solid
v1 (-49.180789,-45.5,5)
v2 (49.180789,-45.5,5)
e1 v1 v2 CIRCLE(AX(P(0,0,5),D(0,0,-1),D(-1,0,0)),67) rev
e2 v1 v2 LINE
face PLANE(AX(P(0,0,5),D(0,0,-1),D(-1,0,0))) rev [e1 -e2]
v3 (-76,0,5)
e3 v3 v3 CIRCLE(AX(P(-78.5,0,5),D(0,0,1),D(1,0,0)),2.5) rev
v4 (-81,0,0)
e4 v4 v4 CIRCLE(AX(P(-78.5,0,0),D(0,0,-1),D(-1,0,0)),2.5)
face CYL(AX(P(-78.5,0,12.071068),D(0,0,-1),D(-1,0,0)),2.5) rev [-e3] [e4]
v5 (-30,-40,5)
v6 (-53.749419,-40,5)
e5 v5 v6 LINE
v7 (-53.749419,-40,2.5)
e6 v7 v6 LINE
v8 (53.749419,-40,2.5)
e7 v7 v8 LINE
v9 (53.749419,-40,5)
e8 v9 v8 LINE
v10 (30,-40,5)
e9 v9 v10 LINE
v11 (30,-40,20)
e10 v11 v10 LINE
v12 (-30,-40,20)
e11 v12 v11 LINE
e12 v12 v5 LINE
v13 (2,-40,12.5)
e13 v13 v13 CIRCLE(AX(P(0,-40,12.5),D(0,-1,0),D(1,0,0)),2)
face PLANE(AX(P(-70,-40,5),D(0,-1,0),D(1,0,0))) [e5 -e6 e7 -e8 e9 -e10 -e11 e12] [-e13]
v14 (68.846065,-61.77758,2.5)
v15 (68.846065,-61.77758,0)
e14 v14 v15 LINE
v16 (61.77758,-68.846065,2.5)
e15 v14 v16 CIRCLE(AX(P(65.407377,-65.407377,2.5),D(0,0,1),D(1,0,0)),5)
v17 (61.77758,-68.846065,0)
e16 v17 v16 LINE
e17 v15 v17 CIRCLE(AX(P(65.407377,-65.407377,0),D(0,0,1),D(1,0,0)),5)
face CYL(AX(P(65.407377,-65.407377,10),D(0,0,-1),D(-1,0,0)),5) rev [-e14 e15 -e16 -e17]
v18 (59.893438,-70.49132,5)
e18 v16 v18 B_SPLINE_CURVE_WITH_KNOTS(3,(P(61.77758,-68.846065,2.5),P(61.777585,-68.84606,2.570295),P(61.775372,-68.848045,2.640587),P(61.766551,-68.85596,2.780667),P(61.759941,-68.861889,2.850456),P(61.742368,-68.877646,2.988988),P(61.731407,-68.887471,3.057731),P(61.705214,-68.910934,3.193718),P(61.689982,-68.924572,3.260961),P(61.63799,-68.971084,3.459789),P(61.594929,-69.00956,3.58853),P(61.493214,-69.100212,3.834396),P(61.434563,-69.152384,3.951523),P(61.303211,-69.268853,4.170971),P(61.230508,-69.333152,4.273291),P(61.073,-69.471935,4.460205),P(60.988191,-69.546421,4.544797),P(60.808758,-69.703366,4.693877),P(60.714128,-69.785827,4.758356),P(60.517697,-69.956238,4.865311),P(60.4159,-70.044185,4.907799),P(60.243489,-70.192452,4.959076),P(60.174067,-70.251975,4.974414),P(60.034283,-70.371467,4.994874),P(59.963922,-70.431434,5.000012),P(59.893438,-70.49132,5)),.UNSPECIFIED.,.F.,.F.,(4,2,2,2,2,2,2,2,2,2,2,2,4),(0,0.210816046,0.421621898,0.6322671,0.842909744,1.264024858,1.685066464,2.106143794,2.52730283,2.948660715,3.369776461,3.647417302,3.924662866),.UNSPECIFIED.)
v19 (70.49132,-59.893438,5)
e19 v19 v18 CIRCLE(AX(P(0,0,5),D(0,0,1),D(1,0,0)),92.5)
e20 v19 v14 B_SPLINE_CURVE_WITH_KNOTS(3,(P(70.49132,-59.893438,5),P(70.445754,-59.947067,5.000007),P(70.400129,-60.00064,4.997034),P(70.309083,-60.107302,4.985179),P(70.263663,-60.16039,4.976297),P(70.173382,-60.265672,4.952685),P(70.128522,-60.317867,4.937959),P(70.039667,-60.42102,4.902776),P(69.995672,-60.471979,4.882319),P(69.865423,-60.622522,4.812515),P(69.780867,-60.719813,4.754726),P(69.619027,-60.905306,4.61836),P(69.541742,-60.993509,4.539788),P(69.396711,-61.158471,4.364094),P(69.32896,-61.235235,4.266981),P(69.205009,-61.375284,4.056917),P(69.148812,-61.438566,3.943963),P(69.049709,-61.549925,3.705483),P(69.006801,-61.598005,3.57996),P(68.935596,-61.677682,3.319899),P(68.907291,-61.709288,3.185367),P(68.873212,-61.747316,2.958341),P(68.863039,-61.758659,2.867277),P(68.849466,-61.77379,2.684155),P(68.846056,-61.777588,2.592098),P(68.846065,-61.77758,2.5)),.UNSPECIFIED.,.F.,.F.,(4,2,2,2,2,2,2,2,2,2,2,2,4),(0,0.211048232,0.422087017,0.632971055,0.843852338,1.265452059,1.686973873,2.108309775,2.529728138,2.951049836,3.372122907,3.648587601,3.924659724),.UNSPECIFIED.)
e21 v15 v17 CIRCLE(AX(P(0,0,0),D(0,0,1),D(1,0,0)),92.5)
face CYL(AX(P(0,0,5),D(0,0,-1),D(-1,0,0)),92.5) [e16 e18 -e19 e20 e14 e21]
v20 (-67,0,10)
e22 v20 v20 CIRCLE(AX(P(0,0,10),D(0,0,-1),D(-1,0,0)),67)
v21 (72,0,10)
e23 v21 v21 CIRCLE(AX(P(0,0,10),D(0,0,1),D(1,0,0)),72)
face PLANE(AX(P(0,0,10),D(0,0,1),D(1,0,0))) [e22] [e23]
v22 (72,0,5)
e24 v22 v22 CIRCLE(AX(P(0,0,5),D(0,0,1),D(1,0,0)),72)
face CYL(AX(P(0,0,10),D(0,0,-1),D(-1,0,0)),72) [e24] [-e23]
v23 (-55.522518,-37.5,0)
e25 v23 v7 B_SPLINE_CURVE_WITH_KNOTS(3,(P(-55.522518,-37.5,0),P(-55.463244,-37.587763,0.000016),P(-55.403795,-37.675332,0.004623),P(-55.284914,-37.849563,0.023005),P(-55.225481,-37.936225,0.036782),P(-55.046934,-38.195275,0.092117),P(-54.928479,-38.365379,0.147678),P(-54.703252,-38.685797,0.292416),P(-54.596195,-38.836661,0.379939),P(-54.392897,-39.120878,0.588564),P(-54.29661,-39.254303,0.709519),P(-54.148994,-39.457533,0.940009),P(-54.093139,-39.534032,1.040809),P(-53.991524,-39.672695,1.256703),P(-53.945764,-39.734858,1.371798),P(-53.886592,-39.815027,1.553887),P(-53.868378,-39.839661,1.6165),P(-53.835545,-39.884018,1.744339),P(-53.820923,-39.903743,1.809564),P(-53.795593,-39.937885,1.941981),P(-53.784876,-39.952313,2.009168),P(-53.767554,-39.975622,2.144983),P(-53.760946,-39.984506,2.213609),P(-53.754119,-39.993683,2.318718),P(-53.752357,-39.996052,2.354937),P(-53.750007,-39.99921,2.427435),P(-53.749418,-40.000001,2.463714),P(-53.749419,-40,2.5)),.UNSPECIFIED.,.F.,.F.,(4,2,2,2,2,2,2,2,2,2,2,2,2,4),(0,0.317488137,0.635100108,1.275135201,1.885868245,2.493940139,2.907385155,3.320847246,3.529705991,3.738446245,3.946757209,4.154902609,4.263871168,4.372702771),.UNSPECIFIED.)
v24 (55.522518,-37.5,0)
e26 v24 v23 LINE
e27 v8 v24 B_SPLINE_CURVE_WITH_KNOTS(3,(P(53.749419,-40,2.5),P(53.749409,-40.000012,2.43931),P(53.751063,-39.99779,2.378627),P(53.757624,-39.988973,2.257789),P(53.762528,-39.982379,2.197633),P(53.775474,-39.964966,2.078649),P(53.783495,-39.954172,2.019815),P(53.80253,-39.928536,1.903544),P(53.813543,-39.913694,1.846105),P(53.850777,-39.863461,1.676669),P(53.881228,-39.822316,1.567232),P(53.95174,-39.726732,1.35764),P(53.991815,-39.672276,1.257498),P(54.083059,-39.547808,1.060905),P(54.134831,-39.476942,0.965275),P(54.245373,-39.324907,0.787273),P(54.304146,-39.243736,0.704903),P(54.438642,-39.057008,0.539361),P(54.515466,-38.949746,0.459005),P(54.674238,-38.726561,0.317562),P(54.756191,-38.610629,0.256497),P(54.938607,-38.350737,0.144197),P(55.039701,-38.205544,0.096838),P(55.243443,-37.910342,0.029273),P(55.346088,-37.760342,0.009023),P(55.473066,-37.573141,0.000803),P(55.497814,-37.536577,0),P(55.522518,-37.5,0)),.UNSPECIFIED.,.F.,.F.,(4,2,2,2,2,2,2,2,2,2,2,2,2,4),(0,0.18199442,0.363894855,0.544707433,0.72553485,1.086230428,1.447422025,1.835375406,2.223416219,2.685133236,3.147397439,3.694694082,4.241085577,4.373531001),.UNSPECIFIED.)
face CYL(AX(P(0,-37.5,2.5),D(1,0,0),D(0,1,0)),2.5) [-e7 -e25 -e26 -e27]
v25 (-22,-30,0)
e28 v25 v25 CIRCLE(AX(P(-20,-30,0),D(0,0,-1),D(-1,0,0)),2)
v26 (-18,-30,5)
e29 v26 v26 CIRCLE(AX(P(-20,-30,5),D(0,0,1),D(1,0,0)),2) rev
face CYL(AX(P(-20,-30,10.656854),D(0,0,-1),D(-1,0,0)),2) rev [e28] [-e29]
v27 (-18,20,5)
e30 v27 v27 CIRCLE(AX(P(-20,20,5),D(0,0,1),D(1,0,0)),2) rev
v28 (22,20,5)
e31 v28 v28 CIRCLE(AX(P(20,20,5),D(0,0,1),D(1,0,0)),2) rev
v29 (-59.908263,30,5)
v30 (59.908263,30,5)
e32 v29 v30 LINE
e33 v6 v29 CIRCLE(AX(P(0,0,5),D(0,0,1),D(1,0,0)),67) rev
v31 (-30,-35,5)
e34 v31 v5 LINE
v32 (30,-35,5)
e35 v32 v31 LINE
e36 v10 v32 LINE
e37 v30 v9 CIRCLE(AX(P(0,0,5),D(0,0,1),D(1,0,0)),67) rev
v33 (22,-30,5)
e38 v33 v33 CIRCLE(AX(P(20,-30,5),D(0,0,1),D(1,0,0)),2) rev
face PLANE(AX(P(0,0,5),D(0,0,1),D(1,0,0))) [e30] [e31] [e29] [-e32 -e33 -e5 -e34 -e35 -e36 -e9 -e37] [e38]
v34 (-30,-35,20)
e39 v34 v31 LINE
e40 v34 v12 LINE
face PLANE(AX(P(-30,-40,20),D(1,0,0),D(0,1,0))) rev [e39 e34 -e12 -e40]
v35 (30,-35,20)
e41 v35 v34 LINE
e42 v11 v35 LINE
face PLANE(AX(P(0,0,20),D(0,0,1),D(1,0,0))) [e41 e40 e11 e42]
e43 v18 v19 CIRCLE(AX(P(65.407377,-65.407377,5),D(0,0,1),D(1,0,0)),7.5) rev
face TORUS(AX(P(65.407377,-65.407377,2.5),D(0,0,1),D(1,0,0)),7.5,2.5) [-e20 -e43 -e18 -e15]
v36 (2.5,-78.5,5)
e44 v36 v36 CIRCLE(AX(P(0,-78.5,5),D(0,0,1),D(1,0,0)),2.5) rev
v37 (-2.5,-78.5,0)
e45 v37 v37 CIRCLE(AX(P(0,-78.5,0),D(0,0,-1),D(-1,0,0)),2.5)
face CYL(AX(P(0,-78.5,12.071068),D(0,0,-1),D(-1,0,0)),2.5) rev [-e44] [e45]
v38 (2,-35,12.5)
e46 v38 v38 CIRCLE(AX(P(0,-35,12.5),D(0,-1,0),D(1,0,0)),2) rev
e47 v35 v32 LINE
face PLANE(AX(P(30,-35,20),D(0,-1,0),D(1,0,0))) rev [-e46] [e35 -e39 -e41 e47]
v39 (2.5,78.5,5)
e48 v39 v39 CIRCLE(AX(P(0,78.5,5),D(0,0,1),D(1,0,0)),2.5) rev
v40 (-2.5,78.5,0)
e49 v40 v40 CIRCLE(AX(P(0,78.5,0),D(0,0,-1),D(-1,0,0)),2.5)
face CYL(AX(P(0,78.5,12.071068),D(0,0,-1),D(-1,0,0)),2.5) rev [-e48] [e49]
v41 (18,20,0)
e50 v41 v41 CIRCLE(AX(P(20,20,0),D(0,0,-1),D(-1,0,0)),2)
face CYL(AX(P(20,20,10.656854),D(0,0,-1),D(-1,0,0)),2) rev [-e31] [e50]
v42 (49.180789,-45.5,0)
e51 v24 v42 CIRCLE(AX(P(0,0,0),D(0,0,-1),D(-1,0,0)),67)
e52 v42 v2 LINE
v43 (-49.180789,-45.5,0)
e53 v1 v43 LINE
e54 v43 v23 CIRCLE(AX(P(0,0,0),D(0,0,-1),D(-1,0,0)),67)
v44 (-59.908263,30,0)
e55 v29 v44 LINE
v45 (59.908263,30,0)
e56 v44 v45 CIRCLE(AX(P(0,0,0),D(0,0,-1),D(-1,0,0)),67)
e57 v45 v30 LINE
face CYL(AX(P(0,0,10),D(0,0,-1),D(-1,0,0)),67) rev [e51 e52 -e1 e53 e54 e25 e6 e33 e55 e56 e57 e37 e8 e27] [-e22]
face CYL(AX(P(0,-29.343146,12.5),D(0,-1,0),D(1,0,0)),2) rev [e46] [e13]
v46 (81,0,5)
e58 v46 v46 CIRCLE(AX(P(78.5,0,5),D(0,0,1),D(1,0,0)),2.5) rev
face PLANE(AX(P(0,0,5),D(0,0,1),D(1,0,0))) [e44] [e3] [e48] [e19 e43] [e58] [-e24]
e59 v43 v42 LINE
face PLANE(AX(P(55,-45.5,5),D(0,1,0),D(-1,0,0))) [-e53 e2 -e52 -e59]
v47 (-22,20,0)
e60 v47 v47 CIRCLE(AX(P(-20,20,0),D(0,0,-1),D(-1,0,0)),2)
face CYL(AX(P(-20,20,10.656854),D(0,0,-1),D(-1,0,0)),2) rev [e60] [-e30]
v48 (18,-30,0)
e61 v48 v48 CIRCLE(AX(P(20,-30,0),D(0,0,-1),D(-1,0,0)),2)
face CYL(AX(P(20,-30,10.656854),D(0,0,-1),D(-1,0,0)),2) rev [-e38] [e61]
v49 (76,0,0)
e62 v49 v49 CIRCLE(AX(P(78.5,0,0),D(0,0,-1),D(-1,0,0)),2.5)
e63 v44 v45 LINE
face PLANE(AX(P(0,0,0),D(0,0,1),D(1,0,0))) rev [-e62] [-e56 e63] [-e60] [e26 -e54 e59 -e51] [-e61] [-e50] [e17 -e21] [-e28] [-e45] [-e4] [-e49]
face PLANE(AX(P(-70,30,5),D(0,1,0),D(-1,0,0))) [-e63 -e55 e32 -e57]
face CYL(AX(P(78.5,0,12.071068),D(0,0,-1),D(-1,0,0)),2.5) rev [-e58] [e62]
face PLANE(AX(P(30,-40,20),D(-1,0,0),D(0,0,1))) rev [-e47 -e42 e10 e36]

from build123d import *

# Parameters (mm, degrees)
SKETCH1_R           = 92.5
BOSS_EXTRUDE1_DEPTH = 5
SKETCH2_R           = 72
BOSS_EXTRUDE2_DEPTH = 5
SKETCH3_R           = 67
CUT_EXTRUDE1_DEPTH  = 11
SKETCH4_W           = 140
SKETCH4_H           = 70
BOSS_EXTRUDE3_DEPTH = 5
FILLET1_R           = 2.5
SKETCH7_W           = 110
SKETCH7_H           = 25
BOSS_EXTRUDE5_DEPTH = 5
SKETCH11_R          = 2
CUT_EXTRUDE4_DEPTH  = 5
SKETCH12_R          = 2.5
CUT_EXTRUDE5_DEPTH  = 5
SKETCH6_W           = 60
SKETCH6_H           = 5
BOSS_EXTRUDE6_DEPTH = 15
SKETCH13_R          = 2
CUT_EXTRUDE6_DEPTH  = 5
SKETCH14_R          = 5
CUT_EXTRUDE7_DEPTH  = 10
FILLET2_R           = 2.5


with BuildPart() as part:
    # Sketch1 → Boss-Extrude1 (new body)
    with BuildSketch(Plane.XY):
        Circle(SKETCH1_R)
    extrude(amount=BOSS_EXTRUDE1_DEPTH)

    # Sketch2 → Boss-Extrude2 (add)
    with BuildSketch(Plane.XY.offset(5)):
        Circle(SKETCH2_R)
    extrude(amount=BOSS_EXTRUDE2_DEPTH)

    # Sketch3 → Cut-Extrude1 (cut, through all)
    with BuildSketch(Plane(origin=(0, 0, 0), x_dir=(-1, 0, 0), z_dir=(0, 0, -1))):
        Circle(SKETCH3_R)
    extrude(amount=-CUT_EXTRUDE1_DEPTH, mode=Mode.SUBTRACT)

    # Sketch4 → Boss-Extrude3 (add)
    with BuildSketch(Plane(origin=(0, 0, 0), x_dir=(-1, 0, 0), z_dir=(0, 0, -1))):
        with Locations((0, -5)):
            Rectangle(SKETCH4_W, SKETCH4_H)
    extrude(amount=-BOSS_EXTRUDE3_DEPTH)

    # Fillet1
    fillet1_edges = [part.edges().sort_by_distance(p)[0] for p in [
        (0, -40, 0),
    ]]
    fillet(fillet1_edges, radius=FILLET1_R)

    # Sketch7 → Boss-Extrude5 (add)
    with BuildSketch(Plane(origin=(0, 0, 0), x_dir=(-1, 0, 0), z_dir=(0, 0, -1))):
        with Locations((0, -58)):
            Rectangle(SKETCH7_W, SKETCH7_H)
    extrude(amount=-BOSS_EXTRUDE5_DEPTH)

    # Sketch11 → Cut-Extrude4 (cut)
    with BuildSketch(Plane(origin=(0, 0, 0), x_dir=(-1, 0, 0), z_dir=(0, 0, -1))):
        with Locations((-20, -30)):
            Circle(SKETCH11_R)
        with Locations((-20, 20)):
            Circle(SKETCH11_R)
        with Locations((20, 20)):
            Circle(SKETCH11_R)
        with Locations((20, -30)):
            Circle(SKETCH11_R)
    extrude(amount=-CUT_EXTRUDE4_DEPTH, mode=Mode.SUBTRACT)

    # Sketch12 → Cut-Extrude5 (cut)
    with BuildSketch(Plane(origin=(0, 0, 0), x_dir=(-1, 0, 0), z_dir=(0, 0, -1))):
        with Locations((0, -78.5)):
            Circle(SKETCH12_R)
        with Locations((-78.5, 0)):
            Circle(SKETCH12_R)
        with Locations((0, 78.5)):
            Circle(SKETCH12_R)
        with Locations((78.5, 0)):
            Circle(SKETCH12_R)
    extrude(amount=-CUT_EXTRUDE5_DEPTH, mode=Mode.SUBTRACT)

    # Sketch6 → Boss-Extrude6 (add)
    with BuildSketch(Plane.XY.offset(5)):
        with Locations((0, -37.5)):
            Rectangle(SKETCH6_W, SKETCH6_H)
    extrude(amount=BOSS_EXTRUDE6_DEPTH)

    # Sketch13 → Cut-Extrude6 (cut)
    with BuildSketch(Plane.XZ.offset(40)):
        with Locations((0, 12.5)):
            Circle(SKETCH13_R)
    extrude(amount=-CUT_EXTRUDE6_DEPTH, mode=Mode.SUBTRACT)

    # Sketch14 → Cut-Extrude7 (cut)
    with BuildSketch(Plane(origin=(0, 0, 0), x_dir=(-1, 0, 0), z_dir=(0, 0, -1))):
        with Locations((-65.40737726, -65.40737726)):
            Circle(SKETCH14_R)
    extrude(amount=-CUT_EXTRUDE7_DEPTH, mode=Mode.SUBTRACT)

    # Fillet2
    fillet2_edges = [part.edges().sort_by_distance(p)[0] for p in [
        (61.871843354, -61.871843354, 5),
    ]]
    fillet(fillet2_edges, radius=FILLET2_R)


solid = part.part
